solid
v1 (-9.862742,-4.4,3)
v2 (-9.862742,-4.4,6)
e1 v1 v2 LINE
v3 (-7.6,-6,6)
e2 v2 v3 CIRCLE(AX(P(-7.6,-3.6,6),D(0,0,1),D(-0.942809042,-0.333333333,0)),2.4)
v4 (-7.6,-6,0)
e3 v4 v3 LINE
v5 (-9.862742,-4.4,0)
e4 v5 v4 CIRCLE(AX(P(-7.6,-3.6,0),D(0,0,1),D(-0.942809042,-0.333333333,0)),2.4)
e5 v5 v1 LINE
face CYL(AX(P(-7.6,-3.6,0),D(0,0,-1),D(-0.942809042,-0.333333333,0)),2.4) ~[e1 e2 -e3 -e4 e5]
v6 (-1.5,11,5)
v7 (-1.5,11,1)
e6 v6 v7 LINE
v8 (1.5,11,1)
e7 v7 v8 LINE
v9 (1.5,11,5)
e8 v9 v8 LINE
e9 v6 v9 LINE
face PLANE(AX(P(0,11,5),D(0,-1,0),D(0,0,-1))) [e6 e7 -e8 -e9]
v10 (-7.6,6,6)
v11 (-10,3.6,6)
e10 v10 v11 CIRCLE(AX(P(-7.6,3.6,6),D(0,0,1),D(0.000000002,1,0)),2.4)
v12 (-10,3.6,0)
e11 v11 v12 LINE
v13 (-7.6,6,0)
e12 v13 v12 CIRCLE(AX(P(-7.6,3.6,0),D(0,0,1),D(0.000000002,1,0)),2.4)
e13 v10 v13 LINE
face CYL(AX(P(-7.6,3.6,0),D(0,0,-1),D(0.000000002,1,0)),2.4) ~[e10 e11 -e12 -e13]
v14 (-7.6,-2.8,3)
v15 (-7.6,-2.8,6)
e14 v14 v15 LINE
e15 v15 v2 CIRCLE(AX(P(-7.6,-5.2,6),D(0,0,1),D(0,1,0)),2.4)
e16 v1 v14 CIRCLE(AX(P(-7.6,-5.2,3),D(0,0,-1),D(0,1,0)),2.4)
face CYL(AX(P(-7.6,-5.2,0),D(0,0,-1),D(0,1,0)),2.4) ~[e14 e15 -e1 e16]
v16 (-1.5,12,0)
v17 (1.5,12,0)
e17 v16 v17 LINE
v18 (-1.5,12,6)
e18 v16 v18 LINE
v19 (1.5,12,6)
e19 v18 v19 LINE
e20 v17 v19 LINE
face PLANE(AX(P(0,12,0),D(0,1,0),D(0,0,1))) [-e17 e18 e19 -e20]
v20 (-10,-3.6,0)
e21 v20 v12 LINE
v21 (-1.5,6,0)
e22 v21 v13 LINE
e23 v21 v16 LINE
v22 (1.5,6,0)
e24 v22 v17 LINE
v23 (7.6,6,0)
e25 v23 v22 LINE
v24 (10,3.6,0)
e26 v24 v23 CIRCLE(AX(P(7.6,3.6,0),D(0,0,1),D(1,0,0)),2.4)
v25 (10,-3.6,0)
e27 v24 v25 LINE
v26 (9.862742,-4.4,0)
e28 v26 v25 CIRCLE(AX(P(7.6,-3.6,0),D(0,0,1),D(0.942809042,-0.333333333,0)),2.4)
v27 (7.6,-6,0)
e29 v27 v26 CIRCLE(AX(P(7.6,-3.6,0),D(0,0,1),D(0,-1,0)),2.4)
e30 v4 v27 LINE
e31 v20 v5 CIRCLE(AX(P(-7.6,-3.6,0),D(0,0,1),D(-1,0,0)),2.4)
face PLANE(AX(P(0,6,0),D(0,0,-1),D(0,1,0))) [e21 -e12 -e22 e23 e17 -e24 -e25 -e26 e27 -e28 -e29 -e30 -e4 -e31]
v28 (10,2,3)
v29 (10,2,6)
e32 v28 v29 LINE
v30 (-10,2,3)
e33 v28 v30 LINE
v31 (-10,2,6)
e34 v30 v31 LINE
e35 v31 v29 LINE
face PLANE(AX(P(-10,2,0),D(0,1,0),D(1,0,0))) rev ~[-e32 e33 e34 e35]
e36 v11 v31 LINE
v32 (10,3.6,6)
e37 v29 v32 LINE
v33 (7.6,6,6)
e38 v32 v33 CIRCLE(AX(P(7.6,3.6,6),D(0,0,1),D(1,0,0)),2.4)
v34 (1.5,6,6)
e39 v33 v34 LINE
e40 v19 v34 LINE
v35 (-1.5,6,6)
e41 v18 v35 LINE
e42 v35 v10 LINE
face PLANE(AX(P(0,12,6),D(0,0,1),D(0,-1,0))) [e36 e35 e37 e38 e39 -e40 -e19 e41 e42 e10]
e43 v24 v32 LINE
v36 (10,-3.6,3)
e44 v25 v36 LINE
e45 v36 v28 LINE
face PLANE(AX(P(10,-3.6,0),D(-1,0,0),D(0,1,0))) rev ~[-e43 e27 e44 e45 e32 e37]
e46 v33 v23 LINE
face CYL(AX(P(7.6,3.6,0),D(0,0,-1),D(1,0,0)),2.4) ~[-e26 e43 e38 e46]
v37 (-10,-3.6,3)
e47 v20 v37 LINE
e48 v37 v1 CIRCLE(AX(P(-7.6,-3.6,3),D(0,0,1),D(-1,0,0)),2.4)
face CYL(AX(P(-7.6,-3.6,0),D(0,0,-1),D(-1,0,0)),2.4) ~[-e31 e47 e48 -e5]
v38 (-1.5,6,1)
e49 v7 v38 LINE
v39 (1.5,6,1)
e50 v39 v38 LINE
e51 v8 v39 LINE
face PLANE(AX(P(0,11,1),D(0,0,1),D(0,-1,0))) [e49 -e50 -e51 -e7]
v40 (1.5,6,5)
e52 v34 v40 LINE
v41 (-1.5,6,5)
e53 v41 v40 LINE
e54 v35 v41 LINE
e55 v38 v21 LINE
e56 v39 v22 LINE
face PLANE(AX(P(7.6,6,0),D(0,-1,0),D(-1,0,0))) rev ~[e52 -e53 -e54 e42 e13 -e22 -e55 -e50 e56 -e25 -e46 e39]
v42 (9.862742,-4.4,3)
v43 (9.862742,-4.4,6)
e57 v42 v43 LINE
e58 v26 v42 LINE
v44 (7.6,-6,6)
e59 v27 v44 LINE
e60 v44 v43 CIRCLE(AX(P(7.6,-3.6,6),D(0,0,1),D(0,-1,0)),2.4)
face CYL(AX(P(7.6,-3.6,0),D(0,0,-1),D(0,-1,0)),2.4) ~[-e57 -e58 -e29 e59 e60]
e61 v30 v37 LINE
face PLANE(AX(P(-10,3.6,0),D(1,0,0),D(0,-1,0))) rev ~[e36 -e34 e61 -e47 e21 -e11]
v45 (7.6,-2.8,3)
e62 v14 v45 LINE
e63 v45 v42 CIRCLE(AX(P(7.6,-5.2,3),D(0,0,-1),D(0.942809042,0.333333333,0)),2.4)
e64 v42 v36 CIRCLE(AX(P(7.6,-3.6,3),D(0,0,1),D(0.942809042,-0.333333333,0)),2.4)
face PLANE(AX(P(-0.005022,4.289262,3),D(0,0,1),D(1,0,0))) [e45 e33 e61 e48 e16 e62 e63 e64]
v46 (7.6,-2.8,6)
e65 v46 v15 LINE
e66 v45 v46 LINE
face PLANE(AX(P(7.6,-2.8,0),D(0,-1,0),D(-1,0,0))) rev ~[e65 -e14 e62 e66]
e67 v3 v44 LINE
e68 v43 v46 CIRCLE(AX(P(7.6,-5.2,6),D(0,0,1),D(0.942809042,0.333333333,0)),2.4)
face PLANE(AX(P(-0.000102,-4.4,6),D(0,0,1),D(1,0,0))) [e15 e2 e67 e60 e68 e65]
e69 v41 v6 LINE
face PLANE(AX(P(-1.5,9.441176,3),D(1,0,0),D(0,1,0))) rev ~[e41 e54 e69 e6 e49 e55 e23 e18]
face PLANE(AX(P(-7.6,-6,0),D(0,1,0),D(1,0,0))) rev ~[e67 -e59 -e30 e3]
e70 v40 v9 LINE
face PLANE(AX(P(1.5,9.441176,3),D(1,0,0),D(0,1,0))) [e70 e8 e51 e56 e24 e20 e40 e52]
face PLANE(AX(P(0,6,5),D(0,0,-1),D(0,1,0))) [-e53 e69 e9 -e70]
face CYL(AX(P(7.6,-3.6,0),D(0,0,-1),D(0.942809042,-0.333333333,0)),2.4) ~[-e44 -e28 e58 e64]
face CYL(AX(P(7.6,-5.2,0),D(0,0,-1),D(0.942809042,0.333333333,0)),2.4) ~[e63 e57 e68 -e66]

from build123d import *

# Parameters (mm, degrees)
F1_DEPTH      = 3
F2_DEPTH      = 6
F4_DEPTH      = 1.5
F4_DEPTH_BACK = 1.5


with BuildPart() as f1:
    # F0 (on Top) → F1 (new body)
    with BuildSketch(Plane.XY):
        with BuildLine():
            ThreePointArc((5.811145618, 2), (5.4091097712, 4.5797958998), (7.6000000059, 6))
            Line((7.6000000059, 6), (-7.5999999941, 6))
            ThreePointArc((-7.5999999941, 6), (-5.9029437231, 5.2970562728), (-5.2, 3.6))
            ThreePointArc((-5.2, 3.6), (-5.3579863385, 2.7436269845), (-5.811145618, 2))
            Line((-5.811145618, 2), (5.811145618, 2))
        make_face()
        with BuildLine():
            ThreePointArc((7.6, -6), (8.9856406461, -5.5595917942), (9.8627416998, -4.4))
            ThreePointArc((9.8627416998, -4.4), (8.9856406461, -3.2404082058), (7.6, -2.8))
            ThreePointArc((7.6, -2.8), (6.2143593539, -3.2404082058), (5.3372583002, -4.4))
            ThreePointArc((5.3372583002, -4.4), (6.2143593539, -5.5595917942), (7.6, -6))
        make_face()
        with BuildLine():
            ThreePointArc((9.8627416998, -4.4), (9.9654365432, -4.0058447489), (10, -3.6))
            ThreePointArc((10, -3.6), (8.0058447489, -1.2345634568), (5.3372583002, -2.8))
            Line((5.3372583002, -2.8), (7.6, -2.8))
            ThreePointArc((7.6, -2.8), (8.9856406461, -3.2404082058), (9.8627416998, -4.4))
        make_face()
        with BuildLine():
            ThreePointArc((7.6, -6), (6.2143593539, -5.5595917942), (5.3372583002, -4.4))
            ThreePointArc((5.3372583002, -4.4), (5.2, -5.2), (5.3372583002, -6))
            Line((5.3372583002, -6), (7.6, -6))
        make_face()
        with BuildLine():
            ThreePointArc((-5.3372583002, -4.4), (-6.2143593453, -5.5595917881), (-7.5999999788, -6))
            Line((-7.5999999788, -6), (-5.3372583002, -6))
            ThreePointArc((-5.3372583002, -6), (-5.2345634568, -5.6058447489), (-5.2, -5.2))
            ThreePointArc((-5.2, -5.2), (-5.2345634568, -4.7941552511), (-5.3372583002, -4.4))
        make_face()
        with BuildLine():
            ThreePointArc((-7.6, -2.8), (-8.9856406461, -3.2404082058), (-9.8627416998, -4.4))
            ThreePointArc((-9.8627416998, -4.4), (-8.9856406374, -5.5595918003), (-7.5999999788, -6))
            ThreePointArc((-7.5999999788, -6), (-6.2143593453, -5.5595917881), (-5.3372583002, -4.4))
            ThreePointArc((-5.3372583002, -4.4), (-6.2143593539, -3.2404082058), (-7.6, -2.8))
        make_face()
        with BuildLine():
            ThreePointArc((-5.3372583002, -2.8), (-8.0058447489, -1.2345634568), (-10, -3.6))
            ThreePointArc((-10, -3.6), (-9.9654365432, -4.0058447489), (-9.8627416998, -4.4))
            ThreePointArc((-9.8627416998, -4.4), (-8.9856406461, -3.2404082058), (-7.6, -2.8))
            Line((-7.6, -2.8), (-5.3372583002, -2.8))
        make_face()
        with BuildLine():
            ThreePointArc((-5.2, 3.6), (-5.9029437231, 5.2970562728), (-7.5999999941, 6))
            ThreePointArc((-7.5999999941, 6), (-9.2970562728, 5.2970562769), (-10, 3.6))
            ThreePointArc((-10, 3.6), (-9.8420136615, 2.7436269845), (-9.388854382, 2))
            Line((-9.388854382, 2), (-5.811145618, 2))
            ThreePointArc((-5.811145618, 2), (-5.3579863385, 2.7436269845), (-5.2, 3.6))
        make_face()
        with BuildLine():
            ThreePointArc((10, 3.6), (9.2970562769, 5.2970562728), (7.6000000059, 6))
            ThreePointArc((7.6000000059, 6), (5.4091097712, 4.5797958998), (5.811145618, 2))
            Line((5.811145618, 2), (9.388854382, 2))
            ThreePointArc((9.388854382, 2), (9.8420136615, 2.7436269845), (10, 3.6))
        make_face()
        with BuildLine():
            ThreePointArc((5.3372583002, -4.4), (5.2, -3.6), (5.3372583002, -2.8))
            Line((5.3372583002, -2.8), (-5.3372583002, -2.8))
            ThreePointArc((-5.3372583002, -2.8), (-5.2345634568, -3.1941552511), (-5.2, -3.6))
            ThreePointArc((-5.2, -3.6), (-5.2345634568, -4.0058447489), (-5.3372583002, -4.4))
            ThreePointArc((-5.3372583002, -4.4), (-5.2345634568, -4.7941552511), (-5.2, -5.2))
            ThreePointArc((-5.2, -5.2), (-5.2345634568, -5.6058447489), (-5.3372583002, -6))
            Line((-5.3372583002, -6), (5.3372583002, -6))
            ThreePointArc((5.3372583002, -6), (5.2, -5.2), (5.3372583002, -4.4))
        make_face()
        with BuildLine():
            ThreePointArc((-5.2, -3.6), (-5.2345634568, -3.1941552511), (-5.3372583002, -2.8))
            Line((-5.3372583002, -2.8), (-7.6, -2.8))
            ThreePointArc((-7.6, -2.8), (-6.2143593539, -3.2404082058), (-5.3372583002, -4.4))
            ThreePointArc((-5.3372583002, -4.4), (-5.2345634568, -4.0058447489), (-5.2, -3.6))
        make_face()
        with BuildLine():
            Line((7.6, -2.8), (5.3372583002, -2.8))
            ThreePointArc((5.3372583002, -2.8), (5.2, -3.6), (5.3372583002, -4.4))
            ThreePointArc((5.3372583002, -4.4), (6.2143593539, -3.2404082058), (7.6, -2.8))
        make_face()
        with BuildLine():
            ThreePointArc((9.388854382, 2), (7.6, 1.2), (5.811145618, 2))
            Line((5.811145618, 2), (-5.811145618, 2))
            ThreePointArc((-5.811145618, 2), (-7.6, 1.2), (-9.388854382, 2))
            Line((-9.388854382, 2), (-10, 2))
            Line((-10, 2), (-10, -3.6))
            ThreePointArc((-10, -3.6), (-8.0058447489, -1.2345634568), (-5.3372583002, -2.8))
            Line((-5.3372583002, -2.8), (5.3372583002, -2.8))
            ThreePointArc((5.3372583002, -2.8), (8.0058447489, -1.2345634568), (10, -3.6))
            Line((10, -3.6), (10, 2))
            Line((10, 2), (9.388854382, 2))
        make_face()
        with BuildLine():
            Line((9.388854382, 2), (5.811145618, 2))
            ThreePointArc((5.811145618, 2), (7.6, 1.2), (9.388854382, 2))
        make_face()
        with BuildLine():
            ThreePointArc((-9.388854382, 2), (-7.6, 1.2), (-5.811145618, 2))
            Line((-5.811145618, 2), (-9.388854382, 2))
        make_face()
        with BuildLine():
            ThreePointArc((-9.388854382, 2), (-9.8420136615, 2.7436269845), (-10, 3.6))
            Line((-10, 3.6), (-10, 2))
            Line((-10, 2), (-9.388854382, 2))
        make_face()
        with BuildLine():
            Line((10, 2), (10, 3.6))
            ThreePointArc((10, 3.6), (9.8420136615, 2.7436269845), (9.388854382, 2))
            Line((9.388854382, 2), (10, 2))
        make_face()
    extrude(amount=F1_DEPTH)

    # F0 (on Top) → F2 (join)
    with BuildSketch(Plane.XY):
        with BuildLine():
            ThreePointArc((5.3372583002, -4.4), (5.2, -3.6), (5.3372583002, -2.8))
            Line((5.3372583002, -2.8), (-5.3372583002, -2.8))
            ThreePointArc((-5.3372583002, -2.8), (-5.2345634568, -3.1941552511), (-5.2, -3.6))
            ThreePointArc((-5.2, -3.6), (-5.2345634568, -4.0058447489), (-5.3372583002, -4.4))
            ThreePointArc((-5.3372583002, -4.4), (-5.2345634568, -4.7941552511), (-5.2, -5.2))
            ThreePointArc((-5.2, -5.2), (-5.2345634568, -5.6058447489), (-5.3372583002, -6))
            Line((-5.3372583002, -6), (5.3372583002, -6))
            ThreePointArc((5.3372583002, -6), (5.2, -5.2), (5.3372583002, -4.4))
        make_face()
        with BuildLine():
            ThreePointArc((-7.6, -2.8), (-8.9856406461, -3.2404082058), (-9.8627416998, -4.4))
            ThreePointArc((-9.8627416998, -4.4), (-8.9856406374, -5.5595918003), (-7.5999999788, -6))
            ThreePointArc((-7.5999999788, -6), (-6.2143593453, -5.5595917881), (-5.3372583002, -4.4))
            ThreePointArc((-5.3372583002, -4.4), (-6.2143593539, -3.2404082058), (-7.6, -2.8))
        make_face()
        with BuildLine():
            ThreePointArc((-5.3372583002, -4.4), (-6.2143593453, -5.5595917881), (-7.5999999788, -6))
            Line((-7.5999999788, -6), (-5.3372583002, -6))
            ThreePointArc((-5.3372583002, -6), (-5.2345634568, -5.6058447489), (-5.2, -5.2))
            ThreePointArc((-5.2, -5.2), (-5.2345634568, -4.7941552511), (-5.3372583002, -4.4))
        make_face()
        with BuildLine():
            ThreePointArc((-5.2, -3.6), (-5.2345634568, -3.1941552511), (-5.3372583002, -2.8))
            Line((-5.3372583002, -2.8), (-7.6, -2.8))
            ThreePointArc((-7.6, -2.8), (-6.2143593539, -3.2404082058), (-5.3372583002, -4.4))
            ThreePointArc((-5.3372583002, -4.4), (-5.2345634568, -4.0058447489), (-5.2, -3.6))
        make_face()
        with BuildLine():
            ThreePointArc((7.6, -6), (8.9856406461, -5.5595917942), (9.8627416998, -4.4))
            ThreePointArc((9.8627416998, -4.4), (8.9856406461, -3.2404082058), (7.6, -2.8))
            ThreePointArc((7.6, -2.8), (6.2143593539, -3.2404082058), (5.3372583002, -4.4))
            ThreePointArc((5.3372583002, -4.4), (6.2143593539, -5.5595917942), (7.6, -6))
        make_face()
        with BuildLine():
            ThreePointArc((7.6, -6), (6.2143593539, -5.5595917942), (5.3372583002, -4.4))
            ThreePointArc((5.3372583002, -4.4), (5.2, -5.2), (5.3372583002, -6))
            Line((5.3372583002, -6), (7.6, -6))
        make_face()
        with BuildLine():
            Line((7.6, -2.8), (5.3372583002, -2.8))
            ThreePointArc((5.3372583002, -2.8), (5.2, -3.6), (5.3372583002, -4.4))
            ThreePointArc((5.3372583002, -4.4), (6.2143593539, -3.2404082058), (7.6, -2.8))
        make_face()
        with BuildLine():
            ThreePointArc((-5.2, 3.6), (-5.9029437231, 5.2970562728), (-7.5999999941, 6))
            ThreePointArc((-7.5999999941, 6), (-9.2970562728, 5.2970562769), (-10, 3.6))
            ThreePointArc((-10, 3.6), (-9.8420136615, 2.7436269845), (-9.388854382, 2))
            Line((-9.388854382, 2), (-5.811145618, 2))
            ThreePointArc((-5.811145618, 2), (-5.3579863385, 2.7436269845), (-5.2, 3.6))
        make_face()
        with BuildLine():
            ThreePointArc((5.811145618, 2), (5.4091097712, 4.5797958998), (7.6000000059, 6))
            Line((7.6000000059, 6), (-7.5999999941, 6))
            ThreePointArc((-7.5999999941, 6), (-5.9029437231, 5.2970562728), (-5.2, 3.6))
            ThreePointArc((-5.2, 3.6), (-5.3579863385, 2.7436269845), (-5.811145618, 2))
            Line((-5.811145618, 2), (5.811145618, 2))
        make_face()
        with BuildLine():
            ThreePointArc((10, 3.6), (9.2970562769, 5.2970562728), (7.6000000059, 6))
            ThreePointArc((7.6000000059, 6), (5.4091097712, 4.5797958998), (5.811145618, 2))
            Line((5.811145618, 2), (9.388854382, 2))
            ThreePointArc((9.388854382, 2), (9.8420136615, 2.7436269845), (10, 3.6))
        make_face()
        with BuildLine():
            Line((10, 2), (10, 3.6))
            ThreePointArc((10, 3.6), (9.8420136615, 2.7436269845), (9.388854382, 2))
            Line((9.388854382, 2), (10, 2))
        make_face()
        with BuildLine():
            ThreePointArc((-9.388854382, 2), (-9.8420136615, 2.7436269845), (-10, 3.6))
            Line((-10, 3.6), (-10, 2))
            Line((-10, 2), (-9.388854382, 2))
        make_face()
    extrude(amount=F2_DEPTH)

    # F3 (on Right) → F4 (join, two sides)
    with BuildSketch(Plane.YZ) as f4_sk:
        Polygon((6, 1), (6, 0), (12, 0), (12, 6), (6, 6), (6, 5), (11, 5), (11, 1), align=None)
    extrude(amount=F4_DEPTH)
    extrude(f4_sk.sketch, amount=-F4_DEPTH_BACK)


solid = f1.part
